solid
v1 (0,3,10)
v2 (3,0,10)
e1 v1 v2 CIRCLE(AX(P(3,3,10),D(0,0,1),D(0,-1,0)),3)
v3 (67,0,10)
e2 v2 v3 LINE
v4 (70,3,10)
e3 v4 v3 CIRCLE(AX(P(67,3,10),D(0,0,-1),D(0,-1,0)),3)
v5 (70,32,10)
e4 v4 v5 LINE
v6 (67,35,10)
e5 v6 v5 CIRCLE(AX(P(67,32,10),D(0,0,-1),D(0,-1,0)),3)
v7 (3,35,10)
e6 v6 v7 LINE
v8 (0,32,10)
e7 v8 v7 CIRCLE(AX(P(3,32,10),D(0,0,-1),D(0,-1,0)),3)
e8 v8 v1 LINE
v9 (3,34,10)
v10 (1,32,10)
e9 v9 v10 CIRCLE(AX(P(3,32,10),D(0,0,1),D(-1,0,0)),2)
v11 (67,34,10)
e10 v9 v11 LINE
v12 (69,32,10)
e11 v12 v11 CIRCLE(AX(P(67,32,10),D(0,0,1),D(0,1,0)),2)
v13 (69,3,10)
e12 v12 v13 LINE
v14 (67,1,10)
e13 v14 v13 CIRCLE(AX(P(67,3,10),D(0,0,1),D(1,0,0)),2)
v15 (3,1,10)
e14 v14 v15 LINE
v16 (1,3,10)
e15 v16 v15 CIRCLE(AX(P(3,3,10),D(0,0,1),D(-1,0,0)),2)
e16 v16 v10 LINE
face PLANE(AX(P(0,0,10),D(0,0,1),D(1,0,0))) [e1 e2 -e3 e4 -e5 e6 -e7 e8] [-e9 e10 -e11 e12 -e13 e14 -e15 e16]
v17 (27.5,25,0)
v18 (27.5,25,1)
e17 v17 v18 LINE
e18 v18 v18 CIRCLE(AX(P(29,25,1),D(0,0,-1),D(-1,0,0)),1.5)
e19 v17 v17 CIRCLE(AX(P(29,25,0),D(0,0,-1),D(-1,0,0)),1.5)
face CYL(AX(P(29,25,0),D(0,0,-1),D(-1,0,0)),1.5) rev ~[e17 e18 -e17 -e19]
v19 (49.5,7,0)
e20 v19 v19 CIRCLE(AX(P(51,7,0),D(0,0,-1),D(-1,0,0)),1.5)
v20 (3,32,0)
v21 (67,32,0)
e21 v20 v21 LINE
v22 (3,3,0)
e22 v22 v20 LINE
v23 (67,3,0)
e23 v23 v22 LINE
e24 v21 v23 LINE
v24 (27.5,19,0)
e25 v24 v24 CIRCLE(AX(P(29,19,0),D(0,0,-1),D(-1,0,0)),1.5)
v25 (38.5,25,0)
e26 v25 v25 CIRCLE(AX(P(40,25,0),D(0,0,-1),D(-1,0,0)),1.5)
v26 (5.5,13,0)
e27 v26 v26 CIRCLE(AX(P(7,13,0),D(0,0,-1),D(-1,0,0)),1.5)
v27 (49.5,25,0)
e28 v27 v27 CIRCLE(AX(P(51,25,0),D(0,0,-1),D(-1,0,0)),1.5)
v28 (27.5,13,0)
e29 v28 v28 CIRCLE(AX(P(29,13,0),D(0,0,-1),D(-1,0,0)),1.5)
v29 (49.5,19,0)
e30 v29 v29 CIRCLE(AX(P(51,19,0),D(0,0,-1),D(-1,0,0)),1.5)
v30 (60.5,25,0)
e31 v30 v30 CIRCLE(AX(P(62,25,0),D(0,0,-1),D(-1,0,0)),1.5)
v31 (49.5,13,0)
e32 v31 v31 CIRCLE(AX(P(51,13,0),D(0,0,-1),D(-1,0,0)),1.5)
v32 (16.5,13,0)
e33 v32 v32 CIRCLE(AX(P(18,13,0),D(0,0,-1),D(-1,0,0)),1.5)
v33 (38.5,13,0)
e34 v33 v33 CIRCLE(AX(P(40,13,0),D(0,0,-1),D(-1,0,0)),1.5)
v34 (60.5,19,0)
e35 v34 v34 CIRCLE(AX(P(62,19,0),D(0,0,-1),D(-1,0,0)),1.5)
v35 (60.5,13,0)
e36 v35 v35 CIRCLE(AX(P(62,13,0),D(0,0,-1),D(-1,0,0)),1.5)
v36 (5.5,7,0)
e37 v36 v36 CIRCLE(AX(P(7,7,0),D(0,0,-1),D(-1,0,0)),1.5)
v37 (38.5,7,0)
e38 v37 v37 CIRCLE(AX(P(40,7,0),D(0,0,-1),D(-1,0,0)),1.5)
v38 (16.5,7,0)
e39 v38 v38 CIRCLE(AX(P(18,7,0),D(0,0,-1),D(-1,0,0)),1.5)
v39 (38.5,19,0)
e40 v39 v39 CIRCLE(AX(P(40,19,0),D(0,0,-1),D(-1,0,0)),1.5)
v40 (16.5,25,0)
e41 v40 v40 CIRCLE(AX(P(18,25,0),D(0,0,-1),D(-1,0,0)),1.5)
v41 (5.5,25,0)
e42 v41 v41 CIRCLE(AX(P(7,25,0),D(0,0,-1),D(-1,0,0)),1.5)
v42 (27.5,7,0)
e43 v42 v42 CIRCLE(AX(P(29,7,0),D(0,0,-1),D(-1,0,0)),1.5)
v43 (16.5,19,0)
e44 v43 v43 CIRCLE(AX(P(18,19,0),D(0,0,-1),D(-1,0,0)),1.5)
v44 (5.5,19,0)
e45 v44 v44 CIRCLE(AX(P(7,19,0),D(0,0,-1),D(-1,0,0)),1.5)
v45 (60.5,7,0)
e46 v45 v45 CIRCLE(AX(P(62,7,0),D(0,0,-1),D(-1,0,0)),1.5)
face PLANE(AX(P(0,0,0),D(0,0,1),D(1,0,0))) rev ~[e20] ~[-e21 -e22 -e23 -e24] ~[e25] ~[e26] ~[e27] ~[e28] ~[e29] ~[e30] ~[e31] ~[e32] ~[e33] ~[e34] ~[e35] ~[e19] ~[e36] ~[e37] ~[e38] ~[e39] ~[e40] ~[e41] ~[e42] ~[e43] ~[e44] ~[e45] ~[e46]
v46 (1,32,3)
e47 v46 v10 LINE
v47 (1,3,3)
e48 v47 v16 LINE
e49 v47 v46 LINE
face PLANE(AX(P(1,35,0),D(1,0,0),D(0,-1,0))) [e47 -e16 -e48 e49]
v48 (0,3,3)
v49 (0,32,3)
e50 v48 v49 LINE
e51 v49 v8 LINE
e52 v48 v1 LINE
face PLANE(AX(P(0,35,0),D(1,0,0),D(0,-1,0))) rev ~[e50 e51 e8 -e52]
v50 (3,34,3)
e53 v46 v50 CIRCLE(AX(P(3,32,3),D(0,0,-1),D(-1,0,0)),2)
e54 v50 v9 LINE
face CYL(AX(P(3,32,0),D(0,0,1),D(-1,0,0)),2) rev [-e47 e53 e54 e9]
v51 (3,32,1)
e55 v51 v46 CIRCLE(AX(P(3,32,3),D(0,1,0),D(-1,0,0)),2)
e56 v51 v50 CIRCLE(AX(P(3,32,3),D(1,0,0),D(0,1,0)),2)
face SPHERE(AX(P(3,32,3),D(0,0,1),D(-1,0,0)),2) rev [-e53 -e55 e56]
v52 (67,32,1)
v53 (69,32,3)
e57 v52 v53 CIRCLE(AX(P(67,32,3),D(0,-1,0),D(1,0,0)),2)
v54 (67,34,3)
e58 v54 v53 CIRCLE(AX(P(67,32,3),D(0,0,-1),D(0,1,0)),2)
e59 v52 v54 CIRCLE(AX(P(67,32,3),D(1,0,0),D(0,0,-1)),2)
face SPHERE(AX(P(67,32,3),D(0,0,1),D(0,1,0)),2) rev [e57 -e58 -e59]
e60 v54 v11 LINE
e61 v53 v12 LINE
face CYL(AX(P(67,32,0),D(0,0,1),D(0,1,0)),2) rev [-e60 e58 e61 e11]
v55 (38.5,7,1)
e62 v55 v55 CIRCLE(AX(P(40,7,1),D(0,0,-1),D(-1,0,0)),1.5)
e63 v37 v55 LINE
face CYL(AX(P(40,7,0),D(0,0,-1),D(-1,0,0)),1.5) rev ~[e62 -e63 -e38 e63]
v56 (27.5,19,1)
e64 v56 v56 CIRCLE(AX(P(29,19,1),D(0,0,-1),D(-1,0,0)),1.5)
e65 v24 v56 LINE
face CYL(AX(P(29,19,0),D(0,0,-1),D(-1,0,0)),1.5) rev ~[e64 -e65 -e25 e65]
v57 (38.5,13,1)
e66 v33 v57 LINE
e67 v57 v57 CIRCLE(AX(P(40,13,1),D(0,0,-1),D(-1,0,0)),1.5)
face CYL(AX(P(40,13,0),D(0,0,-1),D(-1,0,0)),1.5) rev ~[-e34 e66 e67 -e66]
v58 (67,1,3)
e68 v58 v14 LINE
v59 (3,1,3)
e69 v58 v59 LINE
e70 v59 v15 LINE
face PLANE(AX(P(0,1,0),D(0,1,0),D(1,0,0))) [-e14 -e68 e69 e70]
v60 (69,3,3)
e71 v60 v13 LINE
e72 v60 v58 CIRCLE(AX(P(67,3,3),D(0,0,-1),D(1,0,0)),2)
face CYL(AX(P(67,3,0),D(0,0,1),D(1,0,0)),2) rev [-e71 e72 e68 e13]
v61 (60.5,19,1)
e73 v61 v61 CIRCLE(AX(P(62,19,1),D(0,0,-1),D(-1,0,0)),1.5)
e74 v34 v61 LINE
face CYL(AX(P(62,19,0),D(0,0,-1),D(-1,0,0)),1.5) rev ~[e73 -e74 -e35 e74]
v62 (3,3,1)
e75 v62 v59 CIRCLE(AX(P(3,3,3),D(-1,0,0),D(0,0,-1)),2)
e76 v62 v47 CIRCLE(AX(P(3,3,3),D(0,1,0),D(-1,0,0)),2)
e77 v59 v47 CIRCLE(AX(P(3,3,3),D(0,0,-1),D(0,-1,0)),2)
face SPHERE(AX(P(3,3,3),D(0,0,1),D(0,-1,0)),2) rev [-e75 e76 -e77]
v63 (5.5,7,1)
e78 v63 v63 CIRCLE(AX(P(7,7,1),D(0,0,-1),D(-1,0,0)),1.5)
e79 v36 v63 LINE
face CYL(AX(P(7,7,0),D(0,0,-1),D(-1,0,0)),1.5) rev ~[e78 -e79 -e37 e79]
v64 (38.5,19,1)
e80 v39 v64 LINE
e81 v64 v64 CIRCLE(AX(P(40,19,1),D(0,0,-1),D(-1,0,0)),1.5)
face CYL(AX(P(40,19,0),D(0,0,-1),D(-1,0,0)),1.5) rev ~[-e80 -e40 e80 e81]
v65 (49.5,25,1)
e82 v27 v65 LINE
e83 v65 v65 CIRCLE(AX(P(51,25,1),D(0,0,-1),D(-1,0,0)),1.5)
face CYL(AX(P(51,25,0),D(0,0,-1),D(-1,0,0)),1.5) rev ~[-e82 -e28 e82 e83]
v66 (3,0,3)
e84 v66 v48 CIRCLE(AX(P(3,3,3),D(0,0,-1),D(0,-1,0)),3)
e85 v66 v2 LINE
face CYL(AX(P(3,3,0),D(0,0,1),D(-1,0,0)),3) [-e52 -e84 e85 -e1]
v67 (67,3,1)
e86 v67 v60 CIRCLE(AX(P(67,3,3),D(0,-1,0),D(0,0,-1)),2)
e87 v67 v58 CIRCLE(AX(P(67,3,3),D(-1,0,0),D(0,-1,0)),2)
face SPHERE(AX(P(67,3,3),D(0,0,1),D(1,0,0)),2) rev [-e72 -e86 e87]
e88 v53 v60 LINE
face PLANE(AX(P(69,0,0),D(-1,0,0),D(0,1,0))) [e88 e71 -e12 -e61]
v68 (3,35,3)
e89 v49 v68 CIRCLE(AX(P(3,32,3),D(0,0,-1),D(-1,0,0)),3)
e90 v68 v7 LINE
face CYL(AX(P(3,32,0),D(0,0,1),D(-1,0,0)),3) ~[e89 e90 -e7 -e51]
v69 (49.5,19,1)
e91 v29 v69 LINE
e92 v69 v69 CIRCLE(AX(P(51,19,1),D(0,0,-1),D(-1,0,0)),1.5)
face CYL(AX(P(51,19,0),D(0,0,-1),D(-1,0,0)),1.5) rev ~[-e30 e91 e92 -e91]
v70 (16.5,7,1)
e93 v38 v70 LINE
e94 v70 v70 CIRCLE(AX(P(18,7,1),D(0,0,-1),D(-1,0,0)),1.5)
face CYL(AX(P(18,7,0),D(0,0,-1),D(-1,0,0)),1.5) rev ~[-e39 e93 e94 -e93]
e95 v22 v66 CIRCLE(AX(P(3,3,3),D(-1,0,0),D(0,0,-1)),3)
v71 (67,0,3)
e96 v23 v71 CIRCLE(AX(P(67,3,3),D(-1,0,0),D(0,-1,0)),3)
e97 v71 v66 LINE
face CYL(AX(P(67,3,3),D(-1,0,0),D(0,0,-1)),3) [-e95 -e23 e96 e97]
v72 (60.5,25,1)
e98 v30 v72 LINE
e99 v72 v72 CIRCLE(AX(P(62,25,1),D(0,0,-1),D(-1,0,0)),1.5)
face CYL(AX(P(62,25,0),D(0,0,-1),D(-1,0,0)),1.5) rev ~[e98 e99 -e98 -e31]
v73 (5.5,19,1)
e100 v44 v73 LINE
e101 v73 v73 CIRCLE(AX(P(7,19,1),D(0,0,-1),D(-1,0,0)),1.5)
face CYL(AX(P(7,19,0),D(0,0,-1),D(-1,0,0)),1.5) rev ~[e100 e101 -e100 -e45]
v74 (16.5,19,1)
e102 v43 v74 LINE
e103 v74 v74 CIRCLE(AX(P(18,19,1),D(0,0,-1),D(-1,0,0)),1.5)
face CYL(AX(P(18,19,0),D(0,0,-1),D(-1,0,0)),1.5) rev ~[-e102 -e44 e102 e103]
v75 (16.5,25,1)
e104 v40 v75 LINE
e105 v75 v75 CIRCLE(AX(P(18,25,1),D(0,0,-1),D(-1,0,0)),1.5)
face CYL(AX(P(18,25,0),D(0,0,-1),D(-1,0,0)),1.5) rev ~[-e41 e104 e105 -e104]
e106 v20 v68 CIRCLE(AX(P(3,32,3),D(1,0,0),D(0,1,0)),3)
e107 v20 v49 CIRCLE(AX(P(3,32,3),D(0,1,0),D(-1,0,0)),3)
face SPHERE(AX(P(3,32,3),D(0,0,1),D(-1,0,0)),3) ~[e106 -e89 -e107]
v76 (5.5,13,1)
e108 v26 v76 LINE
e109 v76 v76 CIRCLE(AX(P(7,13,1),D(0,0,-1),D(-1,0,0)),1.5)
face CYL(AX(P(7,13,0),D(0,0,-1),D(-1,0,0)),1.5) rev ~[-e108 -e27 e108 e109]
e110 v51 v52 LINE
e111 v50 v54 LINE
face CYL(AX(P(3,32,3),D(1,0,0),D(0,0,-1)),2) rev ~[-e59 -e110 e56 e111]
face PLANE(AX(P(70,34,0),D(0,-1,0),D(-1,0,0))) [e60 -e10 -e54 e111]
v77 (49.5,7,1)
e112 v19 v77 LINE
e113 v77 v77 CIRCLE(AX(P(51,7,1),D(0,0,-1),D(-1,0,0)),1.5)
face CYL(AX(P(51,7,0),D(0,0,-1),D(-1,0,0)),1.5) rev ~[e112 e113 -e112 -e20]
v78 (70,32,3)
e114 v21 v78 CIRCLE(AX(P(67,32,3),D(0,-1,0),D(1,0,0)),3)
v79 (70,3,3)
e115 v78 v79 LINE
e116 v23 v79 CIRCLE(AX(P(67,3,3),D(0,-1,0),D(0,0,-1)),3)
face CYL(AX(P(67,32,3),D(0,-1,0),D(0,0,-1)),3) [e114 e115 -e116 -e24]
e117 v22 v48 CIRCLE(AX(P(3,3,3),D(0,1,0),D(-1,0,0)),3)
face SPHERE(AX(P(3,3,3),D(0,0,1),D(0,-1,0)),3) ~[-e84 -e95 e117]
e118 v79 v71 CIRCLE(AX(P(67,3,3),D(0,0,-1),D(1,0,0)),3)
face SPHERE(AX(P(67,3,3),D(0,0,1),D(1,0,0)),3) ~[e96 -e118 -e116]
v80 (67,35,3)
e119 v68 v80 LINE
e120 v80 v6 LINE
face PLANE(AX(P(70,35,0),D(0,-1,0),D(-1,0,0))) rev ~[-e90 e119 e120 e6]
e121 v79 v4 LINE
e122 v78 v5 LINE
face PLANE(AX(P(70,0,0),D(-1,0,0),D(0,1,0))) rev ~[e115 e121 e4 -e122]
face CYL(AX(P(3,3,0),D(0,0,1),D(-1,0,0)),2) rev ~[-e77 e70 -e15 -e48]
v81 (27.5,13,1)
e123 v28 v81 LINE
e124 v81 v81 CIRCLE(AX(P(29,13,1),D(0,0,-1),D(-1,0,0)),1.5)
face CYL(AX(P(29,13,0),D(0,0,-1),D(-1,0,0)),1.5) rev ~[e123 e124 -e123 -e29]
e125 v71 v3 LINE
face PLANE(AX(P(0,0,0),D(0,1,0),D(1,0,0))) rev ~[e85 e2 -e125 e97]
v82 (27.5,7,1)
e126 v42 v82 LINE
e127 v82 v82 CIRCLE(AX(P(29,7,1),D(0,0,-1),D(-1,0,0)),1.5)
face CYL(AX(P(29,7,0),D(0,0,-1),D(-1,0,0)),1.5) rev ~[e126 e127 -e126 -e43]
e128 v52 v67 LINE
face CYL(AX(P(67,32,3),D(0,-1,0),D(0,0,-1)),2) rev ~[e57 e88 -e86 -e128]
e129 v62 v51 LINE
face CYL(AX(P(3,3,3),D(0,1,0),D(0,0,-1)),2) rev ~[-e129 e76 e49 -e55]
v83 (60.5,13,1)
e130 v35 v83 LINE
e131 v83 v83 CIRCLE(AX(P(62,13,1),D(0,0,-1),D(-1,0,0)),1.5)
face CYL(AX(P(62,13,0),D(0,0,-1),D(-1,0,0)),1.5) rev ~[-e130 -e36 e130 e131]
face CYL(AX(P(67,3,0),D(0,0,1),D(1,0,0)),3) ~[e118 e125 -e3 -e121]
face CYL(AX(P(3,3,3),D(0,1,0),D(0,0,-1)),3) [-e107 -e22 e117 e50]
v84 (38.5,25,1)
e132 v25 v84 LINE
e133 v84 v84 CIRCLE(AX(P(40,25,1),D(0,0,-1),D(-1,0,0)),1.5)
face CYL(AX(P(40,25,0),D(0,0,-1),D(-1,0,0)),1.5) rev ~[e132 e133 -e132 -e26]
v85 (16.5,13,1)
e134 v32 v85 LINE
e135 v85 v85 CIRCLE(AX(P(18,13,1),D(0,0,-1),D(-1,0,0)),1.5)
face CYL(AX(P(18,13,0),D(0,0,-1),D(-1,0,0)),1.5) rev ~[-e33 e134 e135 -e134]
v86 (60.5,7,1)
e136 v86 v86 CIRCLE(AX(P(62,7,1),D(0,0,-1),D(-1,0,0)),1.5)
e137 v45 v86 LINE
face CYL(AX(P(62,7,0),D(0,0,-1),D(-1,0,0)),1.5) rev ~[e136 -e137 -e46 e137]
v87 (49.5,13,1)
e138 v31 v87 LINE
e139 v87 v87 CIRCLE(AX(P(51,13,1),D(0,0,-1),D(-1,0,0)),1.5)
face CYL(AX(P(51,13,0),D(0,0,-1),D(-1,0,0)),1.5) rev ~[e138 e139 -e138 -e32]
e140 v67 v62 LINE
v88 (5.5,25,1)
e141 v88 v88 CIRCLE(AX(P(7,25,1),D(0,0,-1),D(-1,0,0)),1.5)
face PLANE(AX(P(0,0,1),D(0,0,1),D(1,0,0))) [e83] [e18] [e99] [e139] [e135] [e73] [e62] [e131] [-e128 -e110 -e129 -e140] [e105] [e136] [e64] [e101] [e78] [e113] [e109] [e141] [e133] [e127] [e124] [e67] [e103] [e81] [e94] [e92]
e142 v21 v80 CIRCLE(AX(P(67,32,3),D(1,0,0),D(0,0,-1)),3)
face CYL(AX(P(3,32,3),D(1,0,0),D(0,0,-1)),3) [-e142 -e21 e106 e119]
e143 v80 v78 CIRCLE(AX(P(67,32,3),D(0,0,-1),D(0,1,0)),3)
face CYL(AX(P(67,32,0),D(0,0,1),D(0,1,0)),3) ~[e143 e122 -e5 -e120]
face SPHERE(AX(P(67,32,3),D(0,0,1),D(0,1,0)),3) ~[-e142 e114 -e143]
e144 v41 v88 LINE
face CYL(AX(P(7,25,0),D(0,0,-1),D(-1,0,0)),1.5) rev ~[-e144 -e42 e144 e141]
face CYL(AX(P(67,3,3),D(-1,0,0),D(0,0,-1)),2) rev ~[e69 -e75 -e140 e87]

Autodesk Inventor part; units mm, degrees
ref_plane "YZ Plane" through (0, 0, 0) normal (1, 0, 0) x (0, 1, 0)
ref_plane "XZ Plane" through (0, 0, 0) normal (0, 1, 0) x (-1, 0, 0)
ref_plane "XY Plane" through (0, 0, 0) normal (0, 0, 1) x (1, 0, 0)
sketch "Esboço1" plane through (0, 0, 0) normal (0, 0, 1) x (1, 0, 0)
  line L0 (0, 0) -> (70, 0)
  line L1 (70, 0) -> (70, 35)
  line L2 (70, 35) -> (0, 35)
  line L3 (0, 35) -> (0, 0)
  dimension "d0" = 70
  dimension "d1" = 35
extrude "Extrusão1" add sketch "Esboço1" along normal blind 10
fillet "Arredondamento1" radius 3 4 edges at (70, 35, 5) (70, 0, 5) (0, 35, 5) (0, 0, 5)
fillet "Arredondamento2" radius 3 8 edges at (0.8787, 34.1213, 0) (0, 17.5, 0) (0.8787, 0.8787, 0) (35, 0, 0) (69.1213, 0.8787, 0) (70, 17.5, 0) (69.1213, 34.1213, 0) (35, 35, 0)
shell "Casca1" thickness 1 removed faces 1 at (45.6667, 11.6667, 10)
sketch "Esboço2" plane through (0, 0, 0) normal (0, 0, -1) x (-1, 0, 0)
  circle A0 centre (-7, 7) radius 1.5
  line L0 (-3, 3) -> (-67, 3) projected
  line L1 (-3, 32) -> (-3, 3) projected
  point P0 (0, 0)
  dimension "d7" = 3
  dimension "d8" = 4
  dimension "d9" = 4
extrude "Extrusão2" cut sketch "Esboço2" against normal through all
pattern_linear "Padrão retangular1" count 6 spacing 11 along (1, 0, 0) count 4 spacing 6 along (0, 1, 0) of "Extrusão2"
properties part number "Peça2-Rubia"
